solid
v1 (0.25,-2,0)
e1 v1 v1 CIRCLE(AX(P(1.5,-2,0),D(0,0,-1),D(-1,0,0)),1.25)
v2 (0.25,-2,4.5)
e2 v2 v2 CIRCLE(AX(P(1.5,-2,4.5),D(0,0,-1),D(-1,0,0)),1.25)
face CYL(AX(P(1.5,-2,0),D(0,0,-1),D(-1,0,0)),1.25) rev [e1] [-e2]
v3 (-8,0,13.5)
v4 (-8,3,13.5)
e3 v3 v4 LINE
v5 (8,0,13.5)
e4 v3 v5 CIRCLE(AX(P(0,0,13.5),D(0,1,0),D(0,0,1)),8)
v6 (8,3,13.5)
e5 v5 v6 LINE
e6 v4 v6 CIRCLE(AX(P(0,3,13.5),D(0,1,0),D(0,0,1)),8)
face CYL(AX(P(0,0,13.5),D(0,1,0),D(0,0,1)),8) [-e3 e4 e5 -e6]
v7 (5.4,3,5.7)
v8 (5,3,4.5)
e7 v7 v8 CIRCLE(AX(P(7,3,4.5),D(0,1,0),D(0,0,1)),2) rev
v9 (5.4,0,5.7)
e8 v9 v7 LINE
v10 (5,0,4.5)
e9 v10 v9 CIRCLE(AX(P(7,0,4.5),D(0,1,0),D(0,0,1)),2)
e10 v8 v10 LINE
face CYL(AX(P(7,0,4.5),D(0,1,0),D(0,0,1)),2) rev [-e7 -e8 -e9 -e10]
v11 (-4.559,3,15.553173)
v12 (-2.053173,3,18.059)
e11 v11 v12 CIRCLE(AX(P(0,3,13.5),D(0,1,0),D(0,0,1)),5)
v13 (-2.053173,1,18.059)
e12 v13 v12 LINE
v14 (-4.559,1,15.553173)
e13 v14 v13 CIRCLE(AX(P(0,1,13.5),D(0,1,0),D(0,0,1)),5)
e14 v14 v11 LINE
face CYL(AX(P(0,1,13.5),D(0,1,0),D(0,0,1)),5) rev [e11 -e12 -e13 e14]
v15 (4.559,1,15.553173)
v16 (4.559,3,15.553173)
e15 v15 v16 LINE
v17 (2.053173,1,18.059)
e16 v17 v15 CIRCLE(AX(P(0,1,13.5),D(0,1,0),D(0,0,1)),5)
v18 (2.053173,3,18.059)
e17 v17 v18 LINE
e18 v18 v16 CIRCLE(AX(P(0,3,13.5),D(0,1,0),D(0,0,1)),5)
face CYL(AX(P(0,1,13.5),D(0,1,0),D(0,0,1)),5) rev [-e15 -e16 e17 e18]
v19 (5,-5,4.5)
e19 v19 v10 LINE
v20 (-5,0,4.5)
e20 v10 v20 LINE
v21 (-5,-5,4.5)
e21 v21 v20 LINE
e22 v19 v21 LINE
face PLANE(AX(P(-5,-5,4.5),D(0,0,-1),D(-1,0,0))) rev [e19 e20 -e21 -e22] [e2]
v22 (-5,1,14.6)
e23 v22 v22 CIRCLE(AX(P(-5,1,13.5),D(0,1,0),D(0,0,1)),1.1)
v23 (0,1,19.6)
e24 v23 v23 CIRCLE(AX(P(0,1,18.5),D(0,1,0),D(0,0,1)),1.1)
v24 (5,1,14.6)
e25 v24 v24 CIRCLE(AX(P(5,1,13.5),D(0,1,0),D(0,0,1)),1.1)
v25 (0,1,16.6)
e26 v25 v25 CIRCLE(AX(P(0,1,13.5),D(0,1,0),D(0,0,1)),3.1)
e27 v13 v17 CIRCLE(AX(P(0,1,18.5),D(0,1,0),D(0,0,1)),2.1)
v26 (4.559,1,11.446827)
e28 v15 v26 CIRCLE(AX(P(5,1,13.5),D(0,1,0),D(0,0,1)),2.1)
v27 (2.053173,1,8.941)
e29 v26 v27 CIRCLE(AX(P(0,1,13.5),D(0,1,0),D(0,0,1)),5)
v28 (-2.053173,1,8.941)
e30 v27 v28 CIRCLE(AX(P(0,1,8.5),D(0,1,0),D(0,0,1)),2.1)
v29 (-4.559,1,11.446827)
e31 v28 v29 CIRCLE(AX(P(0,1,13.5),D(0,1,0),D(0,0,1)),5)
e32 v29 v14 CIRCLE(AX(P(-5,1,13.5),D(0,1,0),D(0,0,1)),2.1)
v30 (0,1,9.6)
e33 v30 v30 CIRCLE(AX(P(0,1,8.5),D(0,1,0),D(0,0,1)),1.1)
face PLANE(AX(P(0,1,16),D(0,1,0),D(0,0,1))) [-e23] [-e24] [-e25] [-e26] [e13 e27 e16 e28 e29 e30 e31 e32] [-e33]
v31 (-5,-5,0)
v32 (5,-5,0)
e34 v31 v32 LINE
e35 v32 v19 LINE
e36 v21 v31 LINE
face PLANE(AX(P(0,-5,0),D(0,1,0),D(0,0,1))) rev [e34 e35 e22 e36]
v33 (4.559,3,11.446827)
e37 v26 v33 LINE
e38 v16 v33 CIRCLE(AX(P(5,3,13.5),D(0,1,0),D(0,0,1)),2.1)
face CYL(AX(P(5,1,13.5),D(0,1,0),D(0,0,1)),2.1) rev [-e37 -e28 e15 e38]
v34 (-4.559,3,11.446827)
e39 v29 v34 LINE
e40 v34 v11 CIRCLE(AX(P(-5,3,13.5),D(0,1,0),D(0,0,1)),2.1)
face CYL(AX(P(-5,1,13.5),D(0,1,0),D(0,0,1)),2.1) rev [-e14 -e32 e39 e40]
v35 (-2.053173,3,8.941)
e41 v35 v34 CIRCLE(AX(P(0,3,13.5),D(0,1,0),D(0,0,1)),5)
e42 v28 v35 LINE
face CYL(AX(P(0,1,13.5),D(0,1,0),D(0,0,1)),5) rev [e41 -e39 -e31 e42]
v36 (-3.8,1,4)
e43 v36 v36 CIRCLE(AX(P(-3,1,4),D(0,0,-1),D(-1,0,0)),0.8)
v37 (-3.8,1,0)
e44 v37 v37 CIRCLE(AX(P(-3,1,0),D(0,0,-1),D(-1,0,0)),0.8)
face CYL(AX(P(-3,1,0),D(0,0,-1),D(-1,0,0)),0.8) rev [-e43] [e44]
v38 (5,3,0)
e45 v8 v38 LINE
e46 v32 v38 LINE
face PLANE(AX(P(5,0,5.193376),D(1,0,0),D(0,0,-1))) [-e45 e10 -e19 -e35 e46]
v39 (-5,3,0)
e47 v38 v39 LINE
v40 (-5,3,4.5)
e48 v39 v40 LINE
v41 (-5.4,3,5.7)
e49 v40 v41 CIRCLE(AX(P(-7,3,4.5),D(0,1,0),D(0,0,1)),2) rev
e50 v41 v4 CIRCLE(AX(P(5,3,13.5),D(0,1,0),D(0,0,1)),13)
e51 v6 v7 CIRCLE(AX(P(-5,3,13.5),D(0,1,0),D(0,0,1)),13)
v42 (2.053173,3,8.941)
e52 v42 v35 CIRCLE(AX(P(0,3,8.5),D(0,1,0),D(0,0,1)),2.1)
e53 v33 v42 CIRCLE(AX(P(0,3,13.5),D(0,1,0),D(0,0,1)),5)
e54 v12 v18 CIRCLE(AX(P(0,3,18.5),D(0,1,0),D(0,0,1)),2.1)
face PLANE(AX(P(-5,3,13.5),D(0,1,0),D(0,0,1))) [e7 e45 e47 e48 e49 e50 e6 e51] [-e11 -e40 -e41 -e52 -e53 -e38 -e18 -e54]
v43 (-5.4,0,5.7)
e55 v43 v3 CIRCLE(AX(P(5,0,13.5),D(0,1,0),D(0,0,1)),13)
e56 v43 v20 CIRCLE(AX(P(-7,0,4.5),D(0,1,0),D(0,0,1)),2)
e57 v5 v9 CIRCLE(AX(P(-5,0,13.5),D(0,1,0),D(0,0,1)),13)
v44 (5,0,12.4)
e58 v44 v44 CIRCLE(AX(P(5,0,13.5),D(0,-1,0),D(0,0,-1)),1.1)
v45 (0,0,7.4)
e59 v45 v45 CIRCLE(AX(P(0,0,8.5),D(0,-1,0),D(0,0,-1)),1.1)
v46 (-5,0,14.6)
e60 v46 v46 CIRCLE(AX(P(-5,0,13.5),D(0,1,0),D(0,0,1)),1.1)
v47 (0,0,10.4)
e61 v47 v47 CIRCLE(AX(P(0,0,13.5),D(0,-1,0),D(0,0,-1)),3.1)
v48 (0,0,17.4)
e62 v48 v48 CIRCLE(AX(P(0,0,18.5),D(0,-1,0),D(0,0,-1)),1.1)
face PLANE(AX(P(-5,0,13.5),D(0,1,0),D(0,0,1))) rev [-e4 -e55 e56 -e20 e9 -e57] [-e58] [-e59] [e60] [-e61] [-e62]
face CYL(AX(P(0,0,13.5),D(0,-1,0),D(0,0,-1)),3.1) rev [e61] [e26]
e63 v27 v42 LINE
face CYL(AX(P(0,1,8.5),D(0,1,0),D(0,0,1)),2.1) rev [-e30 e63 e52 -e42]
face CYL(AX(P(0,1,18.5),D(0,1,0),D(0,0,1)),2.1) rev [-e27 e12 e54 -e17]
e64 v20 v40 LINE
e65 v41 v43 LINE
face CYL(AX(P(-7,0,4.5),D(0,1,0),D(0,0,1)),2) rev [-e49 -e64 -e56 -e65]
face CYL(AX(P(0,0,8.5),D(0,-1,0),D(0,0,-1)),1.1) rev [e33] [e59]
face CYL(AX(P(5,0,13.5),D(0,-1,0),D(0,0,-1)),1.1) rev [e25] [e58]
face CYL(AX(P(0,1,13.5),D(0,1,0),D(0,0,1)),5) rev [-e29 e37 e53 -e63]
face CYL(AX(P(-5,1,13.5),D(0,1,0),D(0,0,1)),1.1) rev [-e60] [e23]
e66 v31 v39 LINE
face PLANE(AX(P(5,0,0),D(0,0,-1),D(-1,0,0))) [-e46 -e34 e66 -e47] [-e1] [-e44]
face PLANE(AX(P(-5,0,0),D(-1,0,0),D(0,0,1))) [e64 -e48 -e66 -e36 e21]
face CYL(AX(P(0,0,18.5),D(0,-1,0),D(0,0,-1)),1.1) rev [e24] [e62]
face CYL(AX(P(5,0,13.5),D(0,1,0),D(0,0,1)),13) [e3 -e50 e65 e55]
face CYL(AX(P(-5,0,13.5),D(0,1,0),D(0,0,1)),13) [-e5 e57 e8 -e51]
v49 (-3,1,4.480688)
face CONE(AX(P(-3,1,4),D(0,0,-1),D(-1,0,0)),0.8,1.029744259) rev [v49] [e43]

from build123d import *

# Parameters (mm, degrees)
BOSS_EXTRUDE1_DEPTH            = 3
SKETCH2_W                      = 10
SKETCH2_H                      = 4.5
BOSS_EXTRUDE2_DEPTH            = 5
CUT_EXTRUDE1_DEPTH             = 2
F_2_2_2_2_DIAMETER_HOLE1_D     = 2.2
F_2_2_2_2_DIAMETER_HOLE1_DEPTH = 6.000025
F_6_2_6_2_DIAMETER_HOLE1_D     = 6.2
F_6_2_6_2_DIAMETER_HOLE1_DEPTH = 3
F_2_2_2_2_DIAMETER_HOLE2_D     = 2.2
F_2_2_2_2_DIAMETER_HOLE2_DEPTH = 3
F_2_5_2_5_DIAMETER_HOLE1_D     = 2.5
F_2_5_2_5_DIAMETER_HOLE1_DEPTH = 21.5
F_1_6_1_6_DIAMETER_HOLE1_D     = 1.6
F_1_6_1_6_DIAMETER_HOLE1_DEPTH = 4
F_1_6_1_6_DIAMETER_HOLE1_TIP   = 0.480688495
FILLET1_R                      = 2


with BuildPart() as part:
    # Sketch1 → Boss-Extrude1 (new body)
    with BuildSketch(Plane(origin=(0, 3, 0), x_dir=(1, 0, 0), z_dir=(0, 1, 0))):
        with BuildLine():
            Line((5.000000003, -5.193376137), (5.000000003, 0))
            Line((5.000000003, 0), (-4.999999997, 0))
            Line((-4.999999997, 0), (-4.999999997, -5.193376137))
            ThreePointArc((-4.999999997, -5.193376137), (-7.227019257, -9.084119567), (-7.999999997, -13.5))
            ThreePointArc((-7.999999997, -13.5), (3e-09, -21.5), (8.000000003, -13.5))
            ThreePointArc((8.000000003, -13.5), (7.227019264, -9.084119567), (5.000000003, -5.193376137))
        make_face()
    extrude(amount=-BOSS_EXTRUDE1_DEPTH)

    # Sketch2 → Boss-Extrude2 (add)
    with BuildSketch(Plane.XZ):
        with Locations((0, 2.25)):
            Rectangle(SKETCH2_W, SKETCH2_H)
    extrude(amount=BOSS_EXTRUDE2_DEPTH)

    # Sketch3 → Cut-Extrude1 (cut)
    with BuildSketch(Plane(origin=(0, 3, 0), x_dir=(-1, 0, 0), z_dir=(0, 1, 0))):
        with BuildLine():
            ThreePointArc((-2.053172912, 18.058999999), (-3.535533906, 17.035533905), (-4.559, 15.55317291))
            ThreePointArc((-4.559, 15.55317291), (-7.1, 13.5), (-4.559, 11.44682709))
            ThreePointArc((-4.559, 11.44682709), (-3.535533906, 9.964466094), (-2.053172911, 8.941))
            ThreePointArc((-2.053172911, 8.941), (0, 6.4), (2.05317291, 8.941))
            ThreePointArc((2.05317291, 8.941), (3.535533906, 9.964466094), (4.559, 11.44682709))
            ThreePointArc((4.559, 11.44682709), (7.1, 13.5), (4.559, 15.55317291))
            ThreePointArc((4.559, 15.55317291), (3.535533906, 17.035533906), (2.05317291, 18.059))
            ThreePointArc((2.05317291, 18.059), (-1e-09, 20.6), (-2.053172912, 18.058999999))
        make_face()
    extrude(amount=-CUT_EXTRUDE1_DEPTH, mode=Mode.SUBTRACT)

    # Ø2.2 (2.2) Diameter Hole1
    with Locations(Plane(origin=(0, 1, 0), x_dir=(1, 0, 0), z_dir=(0, 1, 0))):
        with Locations((-5, -13.5)):
            Hole(F_2_2_2_2_DIAMETER_HOLE1_D / 2, depth=F_2_2_2_2_DIAMETER_HOLE1_DEPTH)

    # Ø6.2 (6.2) Diameter Hole1
    with Locations(Plane(origin=(0, 0, 0), x_dir=(-1, 0, 0), z_dir=(0, -1, 0))):
        with Locations((0, -13.5)):
            Hole(F_6_2_6_2_DIAMETER_HOLE1_D / 2, depth=F_6_2_6_2_DIAMETER_HOLE1_DEPTH)

    # Ø2.2 (2.2) Diameter Hole2
    with Locations(Plane(origin=(0, 0, 0), x_dir=(-1, 0, 0), z_dir=(0, -1, 0))):
        with Locations((0, -8.5), (-5, -13.5), (0, -18.5)):
            Hole(F_2_2_2_2_DIAMETER_HOLE2_D / 2, depth=F_2_2_2_2_DIAMETER_HOLE2_DEPTH)

    # Ø2.5 (2.5) Diameter Hole1
    with Locations(Plane(origin=(0, 0, 0), x_dir=(-1, 0, 0), z_dir=(0, 0, -1))):
        with Locations((-1.5, -2)):
            Hole(F_2_5_2_5_DIAMETER_HOLE1_D / 2, depth=F_2_5_2_5_DIAMETER_HOLE1_DEPTH)

    # Ø1.6 (1.6) Diameter Hole1
    with Locations(Plane(origin=(0, 0, 0), x_dir=(-1, 0, 0), z_dir=(0, 0, -1))):
        with Locations((3, 1)):
            Hole(F_1_6_1_6_DIAMETER_HOLE1_D / 2, depth=F_1_6_1_6_DIAMETER_HOLE1_DEPTH)
            with Locations((0, 0, -(F_1_6_1_6_DIAMETER_HOLE1_DEPTH + F_1_6_1_6_DIAMETER_HOLE1_TIP / 2))):  # 118° drill point
                Cone(0, F_1_6_1_6_DIAMETER_HOLE1_D / 2, F_1_6_1_6_DIAMETER_HOLE1_TIP, mode=Mode.SUBTRACT)

    # Fillet1
    fillet1_edges = [part.edges().sort_by_distance(p)[0] for p in [
        (5.000000003, 1.5, 5.193376137),
        (-4.999999997, 1.5, 5.193376137),
    ]]
    fillet(fillet1_edges, radius=FILLET1_R)


solid = part.part
